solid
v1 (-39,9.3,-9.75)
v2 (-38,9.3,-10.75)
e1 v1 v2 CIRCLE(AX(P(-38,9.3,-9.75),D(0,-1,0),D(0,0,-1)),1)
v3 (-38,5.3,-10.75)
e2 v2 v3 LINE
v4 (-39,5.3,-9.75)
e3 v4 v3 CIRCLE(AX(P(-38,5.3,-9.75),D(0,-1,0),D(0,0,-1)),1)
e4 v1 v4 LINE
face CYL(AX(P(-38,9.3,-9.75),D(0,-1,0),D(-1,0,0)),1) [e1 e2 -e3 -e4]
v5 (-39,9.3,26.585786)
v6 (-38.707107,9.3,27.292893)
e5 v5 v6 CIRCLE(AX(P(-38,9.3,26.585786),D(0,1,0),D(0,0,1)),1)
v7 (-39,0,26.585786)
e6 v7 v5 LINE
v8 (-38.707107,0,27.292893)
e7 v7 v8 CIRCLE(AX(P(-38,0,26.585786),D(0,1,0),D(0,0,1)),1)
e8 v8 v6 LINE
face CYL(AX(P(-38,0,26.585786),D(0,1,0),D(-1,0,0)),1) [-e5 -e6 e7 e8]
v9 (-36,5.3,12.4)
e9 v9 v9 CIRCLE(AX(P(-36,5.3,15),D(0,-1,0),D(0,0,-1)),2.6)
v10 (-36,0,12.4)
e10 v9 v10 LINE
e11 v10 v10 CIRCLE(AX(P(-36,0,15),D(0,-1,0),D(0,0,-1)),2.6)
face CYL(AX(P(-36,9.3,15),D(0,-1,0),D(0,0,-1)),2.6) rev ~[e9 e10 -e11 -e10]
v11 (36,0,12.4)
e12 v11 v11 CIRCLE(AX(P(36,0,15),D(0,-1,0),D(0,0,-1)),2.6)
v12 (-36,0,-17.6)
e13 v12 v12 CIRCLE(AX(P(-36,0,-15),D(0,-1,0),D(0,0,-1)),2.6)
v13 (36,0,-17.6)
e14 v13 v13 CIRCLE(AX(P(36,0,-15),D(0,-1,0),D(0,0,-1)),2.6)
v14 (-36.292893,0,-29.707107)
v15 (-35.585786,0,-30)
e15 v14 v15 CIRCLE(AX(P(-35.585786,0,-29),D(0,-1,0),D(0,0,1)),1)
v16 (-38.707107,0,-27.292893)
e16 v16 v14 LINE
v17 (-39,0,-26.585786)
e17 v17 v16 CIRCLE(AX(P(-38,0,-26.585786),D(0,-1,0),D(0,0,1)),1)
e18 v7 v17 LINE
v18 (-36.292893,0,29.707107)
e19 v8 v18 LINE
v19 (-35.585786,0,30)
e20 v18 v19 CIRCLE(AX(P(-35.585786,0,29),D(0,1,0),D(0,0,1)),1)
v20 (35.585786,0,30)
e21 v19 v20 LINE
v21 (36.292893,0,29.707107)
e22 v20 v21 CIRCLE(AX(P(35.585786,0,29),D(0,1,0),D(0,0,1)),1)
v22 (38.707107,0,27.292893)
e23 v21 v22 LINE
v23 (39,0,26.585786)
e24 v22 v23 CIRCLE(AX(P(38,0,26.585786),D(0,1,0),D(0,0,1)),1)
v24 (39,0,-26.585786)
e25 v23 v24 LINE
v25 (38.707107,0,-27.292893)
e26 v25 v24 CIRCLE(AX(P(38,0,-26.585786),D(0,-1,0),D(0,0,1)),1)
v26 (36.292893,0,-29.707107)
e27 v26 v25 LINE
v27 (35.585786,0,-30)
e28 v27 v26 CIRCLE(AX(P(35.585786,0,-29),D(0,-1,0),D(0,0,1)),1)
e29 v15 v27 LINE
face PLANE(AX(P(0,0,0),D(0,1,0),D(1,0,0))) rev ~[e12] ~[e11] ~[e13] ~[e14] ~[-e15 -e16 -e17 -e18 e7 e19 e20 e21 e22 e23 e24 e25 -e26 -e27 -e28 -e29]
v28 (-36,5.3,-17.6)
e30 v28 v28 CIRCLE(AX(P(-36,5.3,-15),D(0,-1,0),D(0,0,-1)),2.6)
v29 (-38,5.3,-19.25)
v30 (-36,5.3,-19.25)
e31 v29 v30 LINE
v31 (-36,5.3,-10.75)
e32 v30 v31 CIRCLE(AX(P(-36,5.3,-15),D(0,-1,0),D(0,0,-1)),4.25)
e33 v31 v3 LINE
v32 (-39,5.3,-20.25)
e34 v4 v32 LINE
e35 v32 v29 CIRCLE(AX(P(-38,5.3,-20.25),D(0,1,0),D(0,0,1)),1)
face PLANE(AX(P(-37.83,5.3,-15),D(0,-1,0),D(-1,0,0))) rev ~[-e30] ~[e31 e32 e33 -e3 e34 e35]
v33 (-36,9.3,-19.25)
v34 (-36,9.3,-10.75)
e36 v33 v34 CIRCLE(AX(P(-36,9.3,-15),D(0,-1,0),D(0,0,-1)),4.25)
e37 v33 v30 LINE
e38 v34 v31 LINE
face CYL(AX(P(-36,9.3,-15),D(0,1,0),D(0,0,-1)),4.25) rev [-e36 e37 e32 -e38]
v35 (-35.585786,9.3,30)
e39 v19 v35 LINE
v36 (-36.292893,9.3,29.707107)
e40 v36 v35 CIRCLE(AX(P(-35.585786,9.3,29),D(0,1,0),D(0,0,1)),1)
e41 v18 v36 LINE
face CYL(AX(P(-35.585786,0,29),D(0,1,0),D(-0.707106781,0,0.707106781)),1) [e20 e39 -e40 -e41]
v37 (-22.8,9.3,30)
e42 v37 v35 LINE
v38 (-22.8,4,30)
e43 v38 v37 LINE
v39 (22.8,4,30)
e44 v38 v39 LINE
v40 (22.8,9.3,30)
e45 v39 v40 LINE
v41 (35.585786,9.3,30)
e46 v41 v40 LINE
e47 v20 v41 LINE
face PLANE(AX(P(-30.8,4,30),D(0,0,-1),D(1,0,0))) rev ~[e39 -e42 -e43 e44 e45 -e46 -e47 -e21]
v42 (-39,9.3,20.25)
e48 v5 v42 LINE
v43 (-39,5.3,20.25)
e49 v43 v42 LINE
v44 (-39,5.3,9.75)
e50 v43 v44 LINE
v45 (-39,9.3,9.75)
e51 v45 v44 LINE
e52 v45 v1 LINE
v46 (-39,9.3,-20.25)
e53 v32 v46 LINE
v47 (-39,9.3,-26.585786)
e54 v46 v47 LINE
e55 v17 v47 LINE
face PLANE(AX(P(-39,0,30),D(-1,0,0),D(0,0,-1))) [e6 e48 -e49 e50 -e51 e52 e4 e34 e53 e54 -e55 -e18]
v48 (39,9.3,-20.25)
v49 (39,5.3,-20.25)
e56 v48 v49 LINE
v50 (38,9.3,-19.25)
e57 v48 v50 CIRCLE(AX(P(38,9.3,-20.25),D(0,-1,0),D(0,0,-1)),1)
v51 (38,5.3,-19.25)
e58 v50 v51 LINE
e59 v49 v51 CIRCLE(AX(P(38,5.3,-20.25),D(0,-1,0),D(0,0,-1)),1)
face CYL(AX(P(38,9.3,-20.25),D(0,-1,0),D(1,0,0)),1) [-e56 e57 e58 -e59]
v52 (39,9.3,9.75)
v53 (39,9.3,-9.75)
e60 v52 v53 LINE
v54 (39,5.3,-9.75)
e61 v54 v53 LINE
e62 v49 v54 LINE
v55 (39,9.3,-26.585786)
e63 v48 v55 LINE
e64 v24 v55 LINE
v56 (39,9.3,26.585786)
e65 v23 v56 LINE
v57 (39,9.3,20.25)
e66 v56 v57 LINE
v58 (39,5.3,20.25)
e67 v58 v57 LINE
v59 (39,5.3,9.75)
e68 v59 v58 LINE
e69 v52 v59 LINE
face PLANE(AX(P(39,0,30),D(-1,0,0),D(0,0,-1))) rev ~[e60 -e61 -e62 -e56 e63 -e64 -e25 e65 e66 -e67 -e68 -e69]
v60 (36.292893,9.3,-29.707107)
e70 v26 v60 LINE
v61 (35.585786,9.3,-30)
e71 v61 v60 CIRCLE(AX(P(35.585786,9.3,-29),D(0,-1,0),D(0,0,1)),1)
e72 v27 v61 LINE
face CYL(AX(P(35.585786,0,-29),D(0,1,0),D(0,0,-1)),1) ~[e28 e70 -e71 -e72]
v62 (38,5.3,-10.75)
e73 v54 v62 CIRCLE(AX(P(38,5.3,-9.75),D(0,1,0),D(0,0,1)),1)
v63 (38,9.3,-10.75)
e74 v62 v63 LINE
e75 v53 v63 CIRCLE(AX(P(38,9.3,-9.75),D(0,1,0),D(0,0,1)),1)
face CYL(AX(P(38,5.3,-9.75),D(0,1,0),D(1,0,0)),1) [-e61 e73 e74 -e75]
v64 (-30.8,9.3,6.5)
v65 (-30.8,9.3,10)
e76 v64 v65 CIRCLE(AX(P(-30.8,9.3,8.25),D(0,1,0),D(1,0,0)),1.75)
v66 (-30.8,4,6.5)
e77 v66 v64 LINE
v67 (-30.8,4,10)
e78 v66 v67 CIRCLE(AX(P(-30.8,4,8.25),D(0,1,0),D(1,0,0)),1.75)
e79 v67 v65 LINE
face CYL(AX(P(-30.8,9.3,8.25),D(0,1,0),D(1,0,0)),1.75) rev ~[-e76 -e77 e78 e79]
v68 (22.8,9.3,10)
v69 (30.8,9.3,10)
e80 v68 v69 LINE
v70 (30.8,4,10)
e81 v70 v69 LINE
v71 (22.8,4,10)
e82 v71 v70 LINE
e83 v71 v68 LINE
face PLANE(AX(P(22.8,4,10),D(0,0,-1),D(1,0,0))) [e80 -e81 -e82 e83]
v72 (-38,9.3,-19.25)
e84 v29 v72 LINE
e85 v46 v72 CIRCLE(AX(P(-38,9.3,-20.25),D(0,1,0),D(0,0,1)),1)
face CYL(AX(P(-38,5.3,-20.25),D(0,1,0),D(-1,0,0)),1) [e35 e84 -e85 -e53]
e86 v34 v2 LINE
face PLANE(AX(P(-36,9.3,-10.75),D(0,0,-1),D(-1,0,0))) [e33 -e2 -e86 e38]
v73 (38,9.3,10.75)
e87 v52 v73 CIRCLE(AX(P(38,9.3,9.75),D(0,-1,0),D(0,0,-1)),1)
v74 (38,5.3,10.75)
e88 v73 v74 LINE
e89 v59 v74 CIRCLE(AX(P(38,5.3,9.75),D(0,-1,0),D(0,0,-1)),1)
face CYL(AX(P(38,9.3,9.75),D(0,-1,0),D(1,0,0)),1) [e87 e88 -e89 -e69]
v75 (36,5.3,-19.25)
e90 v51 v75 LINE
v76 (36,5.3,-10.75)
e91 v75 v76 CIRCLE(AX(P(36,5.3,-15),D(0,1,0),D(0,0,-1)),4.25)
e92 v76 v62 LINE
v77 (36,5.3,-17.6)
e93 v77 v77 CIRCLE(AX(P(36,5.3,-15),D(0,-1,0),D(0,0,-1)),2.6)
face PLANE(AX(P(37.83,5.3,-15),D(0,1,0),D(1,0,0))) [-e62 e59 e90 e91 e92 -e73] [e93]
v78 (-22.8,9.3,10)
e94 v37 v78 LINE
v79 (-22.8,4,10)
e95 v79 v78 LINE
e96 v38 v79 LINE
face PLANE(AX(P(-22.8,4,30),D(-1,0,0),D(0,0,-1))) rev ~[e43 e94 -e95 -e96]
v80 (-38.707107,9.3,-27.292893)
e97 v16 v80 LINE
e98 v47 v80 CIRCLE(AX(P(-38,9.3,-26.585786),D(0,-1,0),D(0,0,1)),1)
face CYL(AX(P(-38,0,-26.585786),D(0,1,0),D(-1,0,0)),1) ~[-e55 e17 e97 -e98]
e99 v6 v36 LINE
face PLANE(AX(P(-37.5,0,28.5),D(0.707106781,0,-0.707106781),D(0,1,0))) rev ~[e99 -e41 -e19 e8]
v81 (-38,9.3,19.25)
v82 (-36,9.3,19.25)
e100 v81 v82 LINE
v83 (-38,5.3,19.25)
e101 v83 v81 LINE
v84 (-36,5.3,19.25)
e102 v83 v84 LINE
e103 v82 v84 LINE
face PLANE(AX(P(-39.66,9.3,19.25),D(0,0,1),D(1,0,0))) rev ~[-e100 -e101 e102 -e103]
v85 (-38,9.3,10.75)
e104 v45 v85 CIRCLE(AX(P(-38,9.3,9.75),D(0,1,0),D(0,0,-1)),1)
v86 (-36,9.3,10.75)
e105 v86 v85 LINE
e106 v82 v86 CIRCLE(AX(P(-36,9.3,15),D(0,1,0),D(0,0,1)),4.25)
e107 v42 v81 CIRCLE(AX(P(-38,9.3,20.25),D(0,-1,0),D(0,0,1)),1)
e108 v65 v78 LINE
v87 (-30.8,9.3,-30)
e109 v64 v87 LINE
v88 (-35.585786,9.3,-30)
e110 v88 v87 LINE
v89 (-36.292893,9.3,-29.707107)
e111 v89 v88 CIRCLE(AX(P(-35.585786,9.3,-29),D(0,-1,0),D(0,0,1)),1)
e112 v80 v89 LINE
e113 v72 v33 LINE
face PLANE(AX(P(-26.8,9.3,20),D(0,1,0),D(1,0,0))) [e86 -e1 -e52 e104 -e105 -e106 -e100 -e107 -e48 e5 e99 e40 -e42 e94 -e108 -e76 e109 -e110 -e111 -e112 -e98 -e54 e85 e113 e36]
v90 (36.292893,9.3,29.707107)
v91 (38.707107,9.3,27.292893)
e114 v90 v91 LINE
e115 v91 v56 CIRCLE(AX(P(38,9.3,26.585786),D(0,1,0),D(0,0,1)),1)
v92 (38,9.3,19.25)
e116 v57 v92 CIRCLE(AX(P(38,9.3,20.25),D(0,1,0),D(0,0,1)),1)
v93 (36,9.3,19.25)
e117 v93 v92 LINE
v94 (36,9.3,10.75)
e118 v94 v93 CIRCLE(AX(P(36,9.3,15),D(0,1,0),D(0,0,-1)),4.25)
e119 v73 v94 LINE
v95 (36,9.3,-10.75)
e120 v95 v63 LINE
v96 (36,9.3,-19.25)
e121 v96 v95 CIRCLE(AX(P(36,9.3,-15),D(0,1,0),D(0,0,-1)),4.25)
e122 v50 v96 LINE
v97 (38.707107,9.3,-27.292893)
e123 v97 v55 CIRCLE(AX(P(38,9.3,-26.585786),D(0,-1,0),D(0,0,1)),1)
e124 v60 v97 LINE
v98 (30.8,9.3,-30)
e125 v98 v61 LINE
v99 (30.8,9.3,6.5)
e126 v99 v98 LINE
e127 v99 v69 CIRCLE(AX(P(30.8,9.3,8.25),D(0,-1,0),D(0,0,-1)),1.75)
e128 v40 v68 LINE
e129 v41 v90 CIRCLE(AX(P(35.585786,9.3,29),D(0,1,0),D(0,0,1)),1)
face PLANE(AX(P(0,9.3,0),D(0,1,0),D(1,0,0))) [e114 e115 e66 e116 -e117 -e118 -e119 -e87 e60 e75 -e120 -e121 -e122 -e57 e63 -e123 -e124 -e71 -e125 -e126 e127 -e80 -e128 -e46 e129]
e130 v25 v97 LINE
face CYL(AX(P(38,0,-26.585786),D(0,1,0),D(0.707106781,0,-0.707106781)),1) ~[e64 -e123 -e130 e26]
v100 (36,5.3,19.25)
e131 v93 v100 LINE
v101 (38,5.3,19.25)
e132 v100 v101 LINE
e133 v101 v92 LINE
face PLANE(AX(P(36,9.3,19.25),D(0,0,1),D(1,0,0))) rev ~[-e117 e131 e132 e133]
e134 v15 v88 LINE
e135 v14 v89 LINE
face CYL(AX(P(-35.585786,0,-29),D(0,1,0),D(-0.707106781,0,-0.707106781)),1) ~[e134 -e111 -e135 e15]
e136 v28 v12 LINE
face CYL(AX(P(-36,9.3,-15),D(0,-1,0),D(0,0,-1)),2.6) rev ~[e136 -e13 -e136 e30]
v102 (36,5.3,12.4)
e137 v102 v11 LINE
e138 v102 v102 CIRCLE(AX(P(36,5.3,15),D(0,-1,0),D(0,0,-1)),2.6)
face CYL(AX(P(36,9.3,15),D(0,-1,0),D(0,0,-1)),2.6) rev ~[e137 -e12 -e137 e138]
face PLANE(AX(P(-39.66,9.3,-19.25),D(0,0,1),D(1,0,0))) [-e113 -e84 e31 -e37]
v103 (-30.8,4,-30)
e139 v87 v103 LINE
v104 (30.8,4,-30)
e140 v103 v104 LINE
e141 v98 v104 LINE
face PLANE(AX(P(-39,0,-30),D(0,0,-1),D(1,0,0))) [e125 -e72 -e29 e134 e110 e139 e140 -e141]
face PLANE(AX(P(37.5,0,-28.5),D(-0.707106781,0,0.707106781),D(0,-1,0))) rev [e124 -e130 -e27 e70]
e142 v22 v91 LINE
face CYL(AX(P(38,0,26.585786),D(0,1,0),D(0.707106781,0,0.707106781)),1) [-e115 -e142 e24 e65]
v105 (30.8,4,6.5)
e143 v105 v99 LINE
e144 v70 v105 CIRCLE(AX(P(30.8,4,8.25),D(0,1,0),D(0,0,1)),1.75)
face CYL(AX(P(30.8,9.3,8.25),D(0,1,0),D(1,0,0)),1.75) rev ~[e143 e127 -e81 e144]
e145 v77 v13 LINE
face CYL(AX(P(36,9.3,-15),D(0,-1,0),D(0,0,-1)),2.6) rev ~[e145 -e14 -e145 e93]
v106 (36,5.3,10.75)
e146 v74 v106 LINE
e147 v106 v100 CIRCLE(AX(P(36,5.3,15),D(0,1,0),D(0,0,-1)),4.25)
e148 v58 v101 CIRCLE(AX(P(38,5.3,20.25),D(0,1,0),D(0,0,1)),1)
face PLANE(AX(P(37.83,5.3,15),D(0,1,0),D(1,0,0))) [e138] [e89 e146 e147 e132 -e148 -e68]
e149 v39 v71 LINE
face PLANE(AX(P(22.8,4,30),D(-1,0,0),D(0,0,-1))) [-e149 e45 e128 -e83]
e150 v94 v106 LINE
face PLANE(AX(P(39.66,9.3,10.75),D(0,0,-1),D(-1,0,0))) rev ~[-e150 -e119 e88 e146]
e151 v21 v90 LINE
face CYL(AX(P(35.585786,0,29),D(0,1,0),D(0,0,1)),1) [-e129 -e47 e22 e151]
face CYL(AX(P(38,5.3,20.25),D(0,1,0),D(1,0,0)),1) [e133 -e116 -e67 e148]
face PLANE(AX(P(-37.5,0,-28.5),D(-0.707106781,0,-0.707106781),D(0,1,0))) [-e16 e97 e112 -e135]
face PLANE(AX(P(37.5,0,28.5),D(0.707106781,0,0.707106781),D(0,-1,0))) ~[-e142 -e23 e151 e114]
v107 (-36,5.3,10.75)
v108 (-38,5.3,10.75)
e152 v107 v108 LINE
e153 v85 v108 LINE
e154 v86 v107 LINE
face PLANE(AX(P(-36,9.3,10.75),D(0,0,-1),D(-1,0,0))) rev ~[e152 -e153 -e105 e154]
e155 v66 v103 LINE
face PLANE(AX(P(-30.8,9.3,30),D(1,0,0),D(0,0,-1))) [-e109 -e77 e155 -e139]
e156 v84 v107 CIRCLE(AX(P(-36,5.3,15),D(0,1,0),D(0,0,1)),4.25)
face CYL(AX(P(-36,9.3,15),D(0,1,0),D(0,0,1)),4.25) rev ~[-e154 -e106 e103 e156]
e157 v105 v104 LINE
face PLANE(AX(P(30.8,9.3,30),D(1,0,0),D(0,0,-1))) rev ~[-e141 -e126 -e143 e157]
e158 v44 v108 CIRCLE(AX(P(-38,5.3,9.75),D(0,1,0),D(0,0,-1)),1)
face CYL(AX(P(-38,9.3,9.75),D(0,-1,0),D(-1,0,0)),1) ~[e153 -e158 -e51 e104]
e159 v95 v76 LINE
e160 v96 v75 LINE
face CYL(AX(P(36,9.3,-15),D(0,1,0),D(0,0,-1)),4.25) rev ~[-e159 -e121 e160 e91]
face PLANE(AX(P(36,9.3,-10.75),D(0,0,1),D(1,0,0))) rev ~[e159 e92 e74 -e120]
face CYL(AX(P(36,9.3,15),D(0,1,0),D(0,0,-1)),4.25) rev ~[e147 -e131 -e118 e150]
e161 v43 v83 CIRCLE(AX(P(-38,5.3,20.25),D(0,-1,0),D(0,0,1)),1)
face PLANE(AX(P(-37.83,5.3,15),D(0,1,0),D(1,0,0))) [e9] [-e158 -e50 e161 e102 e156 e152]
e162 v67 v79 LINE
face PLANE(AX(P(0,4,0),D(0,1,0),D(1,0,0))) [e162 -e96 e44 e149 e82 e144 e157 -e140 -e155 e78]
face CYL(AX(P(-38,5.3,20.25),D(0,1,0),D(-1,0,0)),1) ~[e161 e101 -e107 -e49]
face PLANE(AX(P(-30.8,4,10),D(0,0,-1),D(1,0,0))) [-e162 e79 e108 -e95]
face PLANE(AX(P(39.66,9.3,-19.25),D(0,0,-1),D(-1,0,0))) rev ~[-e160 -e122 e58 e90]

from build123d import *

# Parameters (mm, degrees)
SKETCH1_W                         = 78
SKETCH1_H                         = 60
BOSS_EXTRUDE1_DEPTH               = 9.3
TAP_DRILL_FOR_M5_TAP1_D           = 5.2
TAP_DRILL_FOR_M5_TAP1_DEPTH       = 46
TAP_DRILL_FOR_M5_TAP1_CSINK_D     = 6
TAP_DRILL_FOR_M5_TAP1_CSINK_ANGLE = 90
TAP_DRILL_FOR_M5_TAP1_TIP         = 1.562237609
SKETCH4_W                         = 61.6
SKETCH4_H                         = 60
CUT_EXTRUDE1_DEPTH                = 5.3
CHAMFER1_SIZE                     = 3
CUT_EXTRUDE2_DEPTH                = 4
FILLET1_R                         = 1
FILLET2_R                         = 1
SKETCH7_W                         = 8
SKETCH7_H                         = 20
BOSS_EXTRUDE2_DEPTH               = 5.3
SKETCH8_R                         = 1.75
CUT_EXTRUDE3_DEPTH                = 5.3


with BuildPart() as part:
    # Sketch1 → Boss-Extrude1 (new body)
    with BuildSketch(Plane(origin=(0, 0, 0), x_dir=(1, 0, 0), z_dir=(0, 1, 0))):
        Rectangle(SKETCH1_W, SKETCH1_H)
    extrude(amount=BOSS_EXTRUDE1_DEPTH)

    # Tap Drill for M5 Tap1
    with Locations(Plane(origin=(-36, 9.3, -15), x_dir=(0, 0, 1), z_dir=(0, 1, 0))):
        with Locations((0, 0), (30, 0), (30, 72), (0, 72)):
            CounterSinkHole(TAP_DRILL_FOR_M5_TAP1_D / 2, TAP_DRILL_FOR_M5_TAP1_CSINK_D / 2, depth=TAP_DRILL_FOR_M5_TAP1_DEPTH, counter_sink_angle=TAP_DRILL_FOR_M5_TAP1_CSINK_ANGLE)
            with Locations((0, 0, -(TAP_DRILL_FOR_M5_TAP1_DEPTH + TAP_DRILL_FOR_M5_TAP1_TIP / 2))):  # 118° drill point
                Cone(0, TAP_DRILL_FOR_M5_TAP1_D / 2, TAP_DRILL_FOR_M5_TAP1_TIP, mode=Mode.SUBTRACT)

    # Sketch4 → Cut-Extrude1 (cut)
    with BuildSketch(Plane(origin=(0, 9.3, 0), x_dir=(1, 0, 0), z_dir=(0, 1, 0))):
        Rectangle(SKETCH4_W, SKETCH4_H)
    extrude(amount=-CUT_EXTRUDE1_DEPTH, mode=Mode.SUBTRACT)

    # Chamfer1
    chamfer1_edges = [part.edges().sort_by_distance(p)[0] for p in [
        (39, 4.65, 30),
        (-39, 4.65, 30),
        (-39, 4.65, -30),
        (39, 4.65, -30),
    ]]
    chamfer(chamfer1_edges, length=CHAMFER1_SIZE)

    # Sketch6 → Cut-Extrude2 (cut)
    with BuildSketch(Plane(origin=(0, 9.3, 0), x_dir=(1, 0, 0), z_dir=(0, 1, 0))):
        with BuildLine():
            Line((-39.66, 19.25), (-36, 19.25))
            ThreePointArc((-36, 19.25), (-31.75, 15), (-36, 10.75))
            Line((-36, 10.75), (-39.66, 10.75))
            ThreePointArc((-39.66, 10.75), (-43.91, 15), (-39.66, 19.25))
        make_face()
        with BuildLine():
            Line((-39.66, -19.25), (-36, -19.25))
            ThreePointArc((-36, -19.25), (-31.75, -15), (-36, -10.75))
            Line((-36, -10.75), (-39.66, -10.75))
            ThreePointArc((-39.66, -10.75), (-43.91, -15), (-39.66, -19.25))
        make_face()
        with BuildLine():
            Line((39.66, 19.25), (36, 19.25))
            ThreePointArc((36, 19.25), (31.75, 15), (36, 10.75))
            Line((36, 10.75), (39.66, 10.75))
            ThreePointArc((39.66, 10.75), (43.91, 15), (39.66, 19.25))
        make_face()
        with BuildLine():
            Line((39.66, -10.75), (36, -10.75))
            ThreePointArc((36, -10.75), (31.75, -15), (36, -19.25))
            Line((36, -19.25), (39.66, -19.25))
            ThreePointArc((39.66, -19.25), (43.91, -15), (39.66, -10.75))
        make_face()
    extrude(amount=-CUT_EXTRUDE2_DEPTH, mode=Mode.SUBTRACT)

    # Fillet1
    fillet1_edges = [part.edges().sort_by_distance(p)[0] for p in [
        (-39, 4.65, 27),
        (-39, 4.65, -27),
        (36, 4.65, -30),
        (-36, 4.65, -30),
        (39, 4.65, 27),
        (39, 4.65, -27),
        (-36, 4.65, 30),
        (36, 4.65, 30),
    ]]
    fillet(fillet1_edges, radius=FILLET1_R)

    # Fillet2
    fillet2_edges = [part.edges().sort_by_distance(p)[0] for p in [
        (39, 7.3, -10.75),
        (39, 7.3, -19.25),
        (39, 7.3, 19.25),
        (39, 7.3, 10.75),
        (-39, 7.3, -19.25),
        (-39, 7.3, -10.75),
        (-39, 7.3, 19.25),
        (-39, 7.3, 10.75),
    ]]
    fillet(fillet2_edges, radius=FILLET2_R)

    # Sketch7 → Boss-Extrude2 (add)
    with BuildSketch(Plane(origin=(0, 4, 0), x_dir=(1, 0, 0), z_dir=(0, 1, 0))):
        with Locations((-26.8, -20)):
            Rectangle(SKETCH7_W, SKETCH7_H)
        with Locations((26.8, -20)):
            Rectangle(SKETCH7_W, SKETCH7_H)
    extrude(amount=BOSS_EXTRUDE2_DEPTH)

    # Sketch8 → Cut-Extrude3 (cut)
    with BuildSketch(Plane(origin=(0, 9.3, 0), x_dir=(1, 0, 0), z_dir=(0, 1, 0))):
        with Locations((30.8, -8.25)):
            Circle(SKETCH8_R)
        with Locations((-30.8, -8.25)):
            Circle(SKETCH8_R)
    extrude(amount=-CUT_EXTRUDE3_DEPTH, mode=Mode.SUBTRACT)


solid = part.part
